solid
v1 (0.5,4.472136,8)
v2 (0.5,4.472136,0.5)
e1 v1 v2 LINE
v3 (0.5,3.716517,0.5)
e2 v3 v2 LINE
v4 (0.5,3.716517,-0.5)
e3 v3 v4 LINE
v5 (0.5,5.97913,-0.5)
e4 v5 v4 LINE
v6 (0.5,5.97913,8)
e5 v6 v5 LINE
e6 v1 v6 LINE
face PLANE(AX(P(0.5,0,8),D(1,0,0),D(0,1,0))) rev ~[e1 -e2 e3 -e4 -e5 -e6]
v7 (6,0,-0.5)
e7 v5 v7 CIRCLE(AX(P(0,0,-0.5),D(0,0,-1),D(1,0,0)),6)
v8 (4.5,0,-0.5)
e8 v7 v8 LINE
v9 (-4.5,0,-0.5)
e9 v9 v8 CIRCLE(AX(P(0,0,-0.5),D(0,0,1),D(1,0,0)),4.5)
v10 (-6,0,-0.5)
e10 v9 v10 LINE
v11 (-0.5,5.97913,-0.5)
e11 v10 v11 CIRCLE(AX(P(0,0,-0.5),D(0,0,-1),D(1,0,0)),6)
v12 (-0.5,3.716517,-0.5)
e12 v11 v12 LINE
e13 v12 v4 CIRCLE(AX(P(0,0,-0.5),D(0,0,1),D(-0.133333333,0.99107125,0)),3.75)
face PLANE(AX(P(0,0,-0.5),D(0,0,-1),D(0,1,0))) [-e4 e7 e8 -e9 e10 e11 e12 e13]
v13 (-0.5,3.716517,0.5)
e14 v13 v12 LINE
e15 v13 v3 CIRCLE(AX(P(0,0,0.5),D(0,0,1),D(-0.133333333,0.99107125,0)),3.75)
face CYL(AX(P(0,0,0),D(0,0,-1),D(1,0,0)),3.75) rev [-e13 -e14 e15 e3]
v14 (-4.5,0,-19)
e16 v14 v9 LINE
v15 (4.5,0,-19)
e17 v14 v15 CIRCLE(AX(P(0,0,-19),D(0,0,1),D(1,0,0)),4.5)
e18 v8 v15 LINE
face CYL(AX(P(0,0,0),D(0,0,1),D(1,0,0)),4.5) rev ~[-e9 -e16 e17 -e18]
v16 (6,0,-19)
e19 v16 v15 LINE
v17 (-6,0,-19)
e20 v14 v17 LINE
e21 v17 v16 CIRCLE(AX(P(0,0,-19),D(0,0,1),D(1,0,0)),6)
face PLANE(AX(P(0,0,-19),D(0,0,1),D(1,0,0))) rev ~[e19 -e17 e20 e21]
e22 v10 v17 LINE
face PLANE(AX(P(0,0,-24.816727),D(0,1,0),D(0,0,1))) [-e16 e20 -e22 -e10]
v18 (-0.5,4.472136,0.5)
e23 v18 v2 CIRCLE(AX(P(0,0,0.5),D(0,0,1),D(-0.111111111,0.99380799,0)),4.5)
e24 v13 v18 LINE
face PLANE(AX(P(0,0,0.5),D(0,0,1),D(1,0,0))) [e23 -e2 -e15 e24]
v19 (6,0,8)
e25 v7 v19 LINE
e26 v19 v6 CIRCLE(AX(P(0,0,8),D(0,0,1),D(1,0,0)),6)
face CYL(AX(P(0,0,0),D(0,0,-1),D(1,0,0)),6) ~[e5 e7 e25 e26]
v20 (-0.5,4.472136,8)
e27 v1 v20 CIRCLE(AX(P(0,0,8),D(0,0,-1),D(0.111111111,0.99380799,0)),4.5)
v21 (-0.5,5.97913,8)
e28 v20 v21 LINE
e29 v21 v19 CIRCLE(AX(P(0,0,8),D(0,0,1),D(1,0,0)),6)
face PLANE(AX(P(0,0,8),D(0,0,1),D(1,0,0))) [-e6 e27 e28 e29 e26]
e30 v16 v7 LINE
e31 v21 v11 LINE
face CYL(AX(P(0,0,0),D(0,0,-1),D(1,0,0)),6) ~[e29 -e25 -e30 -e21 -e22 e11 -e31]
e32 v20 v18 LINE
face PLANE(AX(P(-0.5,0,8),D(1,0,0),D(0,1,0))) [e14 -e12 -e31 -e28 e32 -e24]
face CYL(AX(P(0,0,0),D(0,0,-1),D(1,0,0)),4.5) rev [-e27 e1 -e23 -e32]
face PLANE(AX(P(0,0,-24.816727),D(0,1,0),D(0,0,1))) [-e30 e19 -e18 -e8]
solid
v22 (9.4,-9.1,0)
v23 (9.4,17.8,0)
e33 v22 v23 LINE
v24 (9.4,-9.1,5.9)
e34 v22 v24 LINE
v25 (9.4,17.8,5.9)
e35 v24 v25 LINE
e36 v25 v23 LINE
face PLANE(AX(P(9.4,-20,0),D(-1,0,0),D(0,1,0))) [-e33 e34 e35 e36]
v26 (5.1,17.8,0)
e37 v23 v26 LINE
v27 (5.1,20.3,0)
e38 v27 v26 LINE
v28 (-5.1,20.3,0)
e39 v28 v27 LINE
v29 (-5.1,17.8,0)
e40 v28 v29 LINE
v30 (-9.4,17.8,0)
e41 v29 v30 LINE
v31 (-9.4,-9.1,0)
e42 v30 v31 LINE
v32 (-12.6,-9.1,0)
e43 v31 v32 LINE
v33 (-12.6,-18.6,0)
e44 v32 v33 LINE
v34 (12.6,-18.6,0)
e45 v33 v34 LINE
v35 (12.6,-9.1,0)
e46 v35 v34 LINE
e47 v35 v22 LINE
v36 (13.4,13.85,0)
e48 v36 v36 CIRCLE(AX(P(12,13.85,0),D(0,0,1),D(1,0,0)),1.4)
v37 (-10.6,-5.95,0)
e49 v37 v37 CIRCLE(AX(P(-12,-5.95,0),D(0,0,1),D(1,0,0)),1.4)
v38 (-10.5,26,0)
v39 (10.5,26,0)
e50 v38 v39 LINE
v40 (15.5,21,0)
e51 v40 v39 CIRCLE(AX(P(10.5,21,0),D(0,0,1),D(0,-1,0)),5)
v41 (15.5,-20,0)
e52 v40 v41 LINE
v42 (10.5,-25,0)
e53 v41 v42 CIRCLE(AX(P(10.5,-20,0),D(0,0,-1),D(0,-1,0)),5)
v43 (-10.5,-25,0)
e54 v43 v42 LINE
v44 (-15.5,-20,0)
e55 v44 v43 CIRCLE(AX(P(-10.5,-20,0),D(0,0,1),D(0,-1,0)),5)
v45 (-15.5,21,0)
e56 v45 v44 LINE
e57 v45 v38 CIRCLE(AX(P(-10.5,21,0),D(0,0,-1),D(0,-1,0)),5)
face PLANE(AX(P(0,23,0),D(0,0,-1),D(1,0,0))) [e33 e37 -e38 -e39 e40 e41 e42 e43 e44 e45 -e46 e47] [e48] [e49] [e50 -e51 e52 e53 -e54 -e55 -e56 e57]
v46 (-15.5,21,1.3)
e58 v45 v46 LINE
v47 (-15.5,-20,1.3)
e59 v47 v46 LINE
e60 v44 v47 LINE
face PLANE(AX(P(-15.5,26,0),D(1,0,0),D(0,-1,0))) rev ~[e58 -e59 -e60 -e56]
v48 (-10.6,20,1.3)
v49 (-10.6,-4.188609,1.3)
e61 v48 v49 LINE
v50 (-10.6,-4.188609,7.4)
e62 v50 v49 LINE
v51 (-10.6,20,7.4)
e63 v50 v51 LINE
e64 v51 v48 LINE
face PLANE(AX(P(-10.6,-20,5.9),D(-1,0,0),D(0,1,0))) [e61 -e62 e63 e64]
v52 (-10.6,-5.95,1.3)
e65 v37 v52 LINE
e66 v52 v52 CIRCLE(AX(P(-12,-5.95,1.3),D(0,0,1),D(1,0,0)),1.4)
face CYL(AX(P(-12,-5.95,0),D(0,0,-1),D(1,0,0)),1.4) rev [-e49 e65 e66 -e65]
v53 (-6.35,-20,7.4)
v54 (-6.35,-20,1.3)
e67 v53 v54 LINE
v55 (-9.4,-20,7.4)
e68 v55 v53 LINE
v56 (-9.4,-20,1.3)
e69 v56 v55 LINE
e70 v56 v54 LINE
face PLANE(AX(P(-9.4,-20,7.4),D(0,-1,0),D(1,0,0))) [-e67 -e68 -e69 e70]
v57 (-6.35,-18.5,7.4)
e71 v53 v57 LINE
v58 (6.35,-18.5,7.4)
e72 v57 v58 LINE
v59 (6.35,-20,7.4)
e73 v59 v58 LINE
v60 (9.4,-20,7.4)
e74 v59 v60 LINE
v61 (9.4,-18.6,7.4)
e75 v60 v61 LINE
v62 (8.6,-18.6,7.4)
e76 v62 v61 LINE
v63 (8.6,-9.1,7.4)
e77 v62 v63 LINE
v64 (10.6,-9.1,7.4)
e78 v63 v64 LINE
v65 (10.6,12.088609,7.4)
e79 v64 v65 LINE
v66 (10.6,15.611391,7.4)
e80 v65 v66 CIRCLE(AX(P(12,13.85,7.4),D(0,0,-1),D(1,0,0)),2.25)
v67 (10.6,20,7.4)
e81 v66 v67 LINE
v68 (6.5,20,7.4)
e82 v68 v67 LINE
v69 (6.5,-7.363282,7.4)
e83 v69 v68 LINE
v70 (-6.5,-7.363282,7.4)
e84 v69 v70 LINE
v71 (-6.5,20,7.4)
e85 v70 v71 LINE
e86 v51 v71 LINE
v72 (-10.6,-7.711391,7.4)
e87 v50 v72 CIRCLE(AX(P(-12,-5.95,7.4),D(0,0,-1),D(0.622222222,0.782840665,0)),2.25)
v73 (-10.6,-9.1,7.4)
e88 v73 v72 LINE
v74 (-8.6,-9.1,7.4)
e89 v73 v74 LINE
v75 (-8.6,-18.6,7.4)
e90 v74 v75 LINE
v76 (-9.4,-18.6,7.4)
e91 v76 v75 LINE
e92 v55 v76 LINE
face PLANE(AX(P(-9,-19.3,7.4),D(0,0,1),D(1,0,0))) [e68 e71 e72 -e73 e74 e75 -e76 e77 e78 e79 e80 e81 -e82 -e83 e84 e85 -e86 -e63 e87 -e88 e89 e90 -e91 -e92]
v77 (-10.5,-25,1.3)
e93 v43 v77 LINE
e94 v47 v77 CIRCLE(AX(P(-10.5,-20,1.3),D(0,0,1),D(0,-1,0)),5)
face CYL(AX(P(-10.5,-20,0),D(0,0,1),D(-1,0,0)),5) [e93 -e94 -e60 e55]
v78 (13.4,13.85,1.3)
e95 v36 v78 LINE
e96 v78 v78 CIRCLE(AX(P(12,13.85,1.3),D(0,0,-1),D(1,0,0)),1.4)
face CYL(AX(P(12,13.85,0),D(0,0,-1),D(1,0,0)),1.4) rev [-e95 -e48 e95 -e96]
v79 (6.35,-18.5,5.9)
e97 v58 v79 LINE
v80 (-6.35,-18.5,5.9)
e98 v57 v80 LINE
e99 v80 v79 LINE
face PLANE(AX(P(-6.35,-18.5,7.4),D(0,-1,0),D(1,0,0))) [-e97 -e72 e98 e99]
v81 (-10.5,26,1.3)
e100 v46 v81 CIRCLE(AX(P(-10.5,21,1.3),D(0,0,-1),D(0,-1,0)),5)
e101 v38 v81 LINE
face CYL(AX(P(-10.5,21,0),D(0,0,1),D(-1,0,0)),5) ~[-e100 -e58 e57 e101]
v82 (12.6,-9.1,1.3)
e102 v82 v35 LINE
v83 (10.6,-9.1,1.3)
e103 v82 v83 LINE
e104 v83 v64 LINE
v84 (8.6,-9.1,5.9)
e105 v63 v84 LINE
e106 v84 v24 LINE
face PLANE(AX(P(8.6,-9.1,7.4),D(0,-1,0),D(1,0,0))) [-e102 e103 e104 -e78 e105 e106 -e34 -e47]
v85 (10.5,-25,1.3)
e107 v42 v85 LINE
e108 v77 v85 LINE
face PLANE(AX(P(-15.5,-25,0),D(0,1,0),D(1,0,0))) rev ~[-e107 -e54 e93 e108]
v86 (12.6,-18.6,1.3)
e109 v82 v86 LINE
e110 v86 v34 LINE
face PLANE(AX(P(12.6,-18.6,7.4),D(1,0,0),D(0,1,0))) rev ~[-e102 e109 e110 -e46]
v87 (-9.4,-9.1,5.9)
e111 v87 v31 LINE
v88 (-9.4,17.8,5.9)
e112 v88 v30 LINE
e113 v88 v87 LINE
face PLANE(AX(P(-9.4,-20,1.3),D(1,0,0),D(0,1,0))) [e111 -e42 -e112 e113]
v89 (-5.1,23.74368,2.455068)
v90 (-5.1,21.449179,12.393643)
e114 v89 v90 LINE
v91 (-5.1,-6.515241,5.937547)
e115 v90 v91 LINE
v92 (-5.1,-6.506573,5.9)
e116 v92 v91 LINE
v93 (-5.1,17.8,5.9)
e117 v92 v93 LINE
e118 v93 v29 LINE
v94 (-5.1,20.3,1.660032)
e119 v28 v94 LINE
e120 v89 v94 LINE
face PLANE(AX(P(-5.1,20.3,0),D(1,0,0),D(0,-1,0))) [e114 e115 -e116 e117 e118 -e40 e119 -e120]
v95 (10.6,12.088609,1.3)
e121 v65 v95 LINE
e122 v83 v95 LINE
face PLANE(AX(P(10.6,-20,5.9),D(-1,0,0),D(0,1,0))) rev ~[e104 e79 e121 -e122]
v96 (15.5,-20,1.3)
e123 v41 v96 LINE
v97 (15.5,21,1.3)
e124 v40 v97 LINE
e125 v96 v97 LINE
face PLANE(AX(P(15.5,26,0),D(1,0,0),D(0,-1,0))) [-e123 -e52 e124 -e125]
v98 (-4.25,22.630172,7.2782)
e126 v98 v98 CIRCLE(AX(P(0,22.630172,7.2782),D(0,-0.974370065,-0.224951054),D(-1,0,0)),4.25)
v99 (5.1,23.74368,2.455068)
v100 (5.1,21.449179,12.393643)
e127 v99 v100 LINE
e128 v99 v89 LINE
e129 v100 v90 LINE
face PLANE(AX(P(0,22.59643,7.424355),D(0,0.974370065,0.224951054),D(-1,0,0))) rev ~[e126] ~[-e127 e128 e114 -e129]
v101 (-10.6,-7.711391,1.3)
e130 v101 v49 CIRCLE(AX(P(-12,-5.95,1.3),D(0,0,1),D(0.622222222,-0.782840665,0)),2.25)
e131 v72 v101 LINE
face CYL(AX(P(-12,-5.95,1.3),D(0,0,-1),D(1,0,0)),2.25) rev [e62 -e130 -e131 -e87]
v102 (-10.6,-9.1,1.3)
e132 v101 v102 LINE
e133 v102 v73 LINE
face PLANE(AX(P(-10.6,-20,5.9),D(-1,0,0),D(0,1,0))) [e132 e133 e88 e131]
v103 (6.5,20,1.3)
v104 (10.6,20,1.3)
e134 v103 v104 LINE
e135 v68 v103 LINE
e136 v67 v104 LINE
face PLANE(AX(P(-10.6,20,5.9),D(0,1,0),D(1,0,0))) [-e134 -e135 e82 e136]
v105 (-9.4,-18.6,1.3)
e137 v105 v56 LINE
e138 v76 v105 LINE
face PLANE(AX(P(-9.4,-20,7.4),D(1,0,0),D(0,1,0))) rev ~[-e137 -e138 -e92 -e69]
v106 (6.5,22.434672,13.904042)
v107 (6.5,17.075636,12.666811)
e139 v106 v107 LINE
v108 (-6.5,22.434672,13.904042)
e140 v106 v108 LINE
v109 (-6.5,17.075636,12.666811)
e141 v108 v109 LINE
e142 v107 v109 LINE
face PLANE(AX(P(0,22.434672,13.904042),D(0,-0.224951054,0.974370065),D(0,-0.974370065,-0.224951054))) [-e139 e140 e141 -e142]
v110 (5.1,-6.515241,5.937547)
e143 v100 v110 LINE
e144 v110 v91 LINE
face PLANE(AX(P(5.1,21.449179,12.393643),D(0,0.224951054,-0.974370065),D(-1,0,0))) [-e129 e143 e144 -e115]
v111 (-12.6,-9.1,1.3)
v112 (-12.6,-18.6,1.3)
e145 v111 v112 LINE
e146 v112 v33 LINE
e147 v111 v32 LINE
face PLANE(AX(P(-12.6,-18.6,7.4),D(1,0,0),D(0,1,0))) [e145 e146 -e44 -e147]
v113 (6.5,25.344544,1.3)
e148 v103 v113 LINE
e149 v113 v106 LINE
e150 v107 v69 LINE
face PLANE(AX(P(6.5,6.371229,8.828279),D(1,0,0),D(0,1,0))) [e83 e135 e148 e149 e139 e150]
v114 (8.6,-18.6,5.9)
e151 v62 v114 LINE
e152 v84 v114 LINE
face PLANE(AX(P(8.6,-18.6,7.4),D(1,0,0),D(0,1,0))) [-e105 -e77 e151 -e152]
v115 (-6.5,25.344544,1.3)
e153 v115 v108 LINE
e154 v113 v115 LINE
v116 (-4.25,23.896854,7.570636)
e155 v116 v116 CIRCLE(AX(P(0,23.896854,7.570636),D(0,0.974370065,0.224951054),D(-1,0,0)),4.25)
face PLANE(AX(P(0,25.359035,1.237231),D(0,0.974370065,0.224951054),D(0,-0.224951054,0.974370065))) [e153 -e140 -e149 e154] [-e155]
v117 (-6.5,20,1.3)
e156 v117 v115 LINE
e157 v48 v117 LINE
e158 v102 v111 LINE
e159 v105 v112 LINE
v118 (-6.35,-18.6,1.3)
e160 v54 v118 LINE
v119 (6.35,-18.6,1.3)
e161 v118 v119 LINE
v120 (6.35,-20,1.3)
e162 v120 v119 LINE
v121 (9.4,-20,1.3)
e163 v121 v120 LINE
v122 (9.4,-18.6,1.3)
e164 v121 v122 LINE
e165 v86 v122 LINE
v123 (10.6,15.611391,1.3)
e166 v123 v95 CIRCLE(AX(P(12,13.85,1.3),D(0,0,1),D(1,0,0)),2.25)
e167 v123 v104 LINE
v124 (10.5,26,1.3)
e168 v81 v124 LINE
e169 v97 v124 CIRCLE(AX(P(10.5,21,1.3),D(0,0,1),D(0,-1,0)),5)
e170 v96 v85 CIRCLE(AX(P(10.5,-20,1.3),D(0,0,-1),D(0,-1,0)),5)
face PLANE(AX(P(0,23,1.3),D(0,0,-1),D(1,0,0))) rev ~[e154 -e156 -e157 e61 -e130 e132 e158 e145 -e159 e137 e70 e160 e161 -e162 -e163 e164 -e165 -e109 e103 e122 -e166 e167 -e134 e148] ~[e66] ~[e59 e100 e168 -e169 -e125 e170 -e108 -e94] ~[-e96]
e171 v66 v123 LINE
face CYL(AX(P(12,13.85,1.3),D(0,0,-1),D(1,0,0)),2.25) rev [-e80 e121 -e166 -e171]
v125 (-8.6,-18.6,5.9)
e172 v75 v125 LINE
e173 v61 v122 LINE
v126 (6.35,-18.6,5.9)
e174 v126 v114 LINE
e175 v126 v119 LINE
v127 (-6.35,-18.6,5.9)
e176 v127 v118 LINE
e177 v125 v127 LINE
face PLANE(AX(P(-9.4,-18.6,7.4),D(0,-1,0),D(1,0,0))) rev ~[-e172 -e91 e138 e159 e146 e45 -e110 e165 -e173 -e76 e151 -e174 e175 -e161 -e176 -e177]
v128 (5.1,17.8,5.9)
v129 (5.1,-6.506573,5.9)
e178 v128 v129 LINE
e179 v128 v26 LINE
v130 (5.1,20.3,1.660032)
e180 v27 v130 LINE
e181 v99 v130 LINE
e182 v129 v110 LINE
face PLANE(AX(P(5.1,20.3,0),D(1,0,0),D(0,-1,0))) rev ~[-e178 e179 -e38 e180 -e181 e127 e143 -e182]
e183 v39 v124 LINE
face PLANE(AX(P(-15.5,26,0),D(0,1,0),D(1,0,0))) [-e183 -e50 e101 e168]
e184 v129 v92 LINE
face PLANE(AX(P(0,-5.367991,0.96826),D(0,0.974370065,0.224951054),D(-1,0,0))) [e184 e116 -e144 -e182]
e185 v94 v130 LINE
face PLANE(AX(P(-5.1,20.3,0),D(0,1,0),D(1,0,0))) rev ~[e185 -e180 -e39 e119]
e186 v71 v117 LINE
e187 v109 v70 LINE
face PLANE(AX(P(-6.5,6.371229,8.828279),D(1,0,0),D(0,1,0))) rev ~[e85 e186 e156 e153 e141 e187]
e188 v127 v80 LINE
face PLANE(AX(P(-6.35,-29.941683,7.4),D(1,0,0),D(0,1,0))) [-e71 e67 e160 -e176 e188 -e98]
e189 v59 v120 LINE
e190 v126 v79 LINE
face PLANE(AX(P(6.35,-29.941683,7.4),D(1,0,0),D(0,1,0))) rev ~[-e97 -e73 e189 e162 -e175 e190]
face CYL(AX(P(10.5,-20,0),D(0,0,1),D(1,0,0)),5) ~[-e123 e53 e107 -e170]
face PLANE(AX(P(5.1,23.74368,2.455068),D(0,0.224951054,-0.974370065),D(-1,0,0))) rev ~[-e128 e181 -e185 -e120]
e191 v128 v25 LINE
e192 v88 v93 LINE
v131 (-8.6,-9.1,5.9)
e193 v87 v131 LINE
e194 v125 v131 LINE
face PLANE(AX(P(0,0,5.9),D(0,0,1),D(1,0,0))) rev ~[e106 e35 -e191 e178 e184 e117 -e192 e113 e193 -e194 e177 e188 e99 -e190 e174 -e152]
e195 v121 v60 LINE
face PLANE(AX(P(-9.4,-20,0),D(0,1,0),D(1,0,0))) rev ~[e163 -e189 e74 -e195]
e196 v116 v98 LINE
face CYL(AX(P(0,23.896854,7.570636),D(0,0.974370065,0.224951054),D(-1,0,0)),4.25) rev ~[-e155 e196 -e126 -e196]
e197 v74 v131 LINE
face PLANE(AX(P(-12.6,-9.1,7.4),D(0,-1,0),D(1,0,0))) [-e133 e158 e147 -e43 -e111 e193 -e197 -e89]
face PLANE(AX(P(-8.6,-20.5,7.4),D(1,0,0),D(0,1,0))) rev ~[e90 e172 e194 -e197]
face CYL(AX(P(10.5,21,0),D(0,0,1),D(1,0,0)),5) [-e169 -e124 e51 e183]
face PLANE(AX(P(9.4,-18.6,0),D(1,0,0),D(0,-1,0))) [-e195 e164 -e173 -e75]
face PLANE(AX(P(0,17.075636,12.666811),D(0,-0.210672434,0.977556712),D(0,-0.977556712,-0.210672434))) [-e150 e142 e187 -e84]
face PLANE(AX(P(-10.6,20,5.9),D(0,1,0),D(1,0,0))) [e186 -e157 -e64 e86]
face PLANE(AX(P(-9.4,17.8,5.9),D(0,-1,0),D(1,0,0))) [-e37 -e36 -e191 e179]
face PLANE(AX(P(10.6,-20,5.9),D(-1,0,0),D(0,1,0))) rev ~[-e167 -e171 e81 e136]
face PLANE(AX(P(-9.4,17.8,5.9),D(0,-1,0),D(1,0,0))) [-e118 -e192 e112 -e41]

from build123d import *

# Parameters (mm, degrees)
F0_W           = 31
F0_H           = 40
F0_R           = 1.4
F1_DEPTH       = 1.3
F4_R           = 4.15
F5_DEPTH       = 12.5
F7_DEPTH       = 5.9
F8_W           = 21.2
F8_H           = 40
F9_DEPTH       = 1.5
F10_DEPTH      = 25
F11_W          = 2
F11_H          = 9
F12_DEPTH      = 6.1
F13_W          = 18.8
F13_H          = 1.4
F14_DEPTH      = 5.9
F16_DEPTH      = 6.5
F18_DEPTH      = 6.5
F19_R          = 4.25
F20_DEPTH      = 25
F22_START      = -1.3
F21_W          = 10.2
F21_H          = 10.2
F22_DEPTH      = 28.7
F23_W          = 31
F23_H          = 6
F23_H_2        = 5
F24_DEPTH      = 1.3
F26_START      = -1.3
F25_W          = 8.5
F25_H          = 8.5
F26_DEPTH      = 33.7
F27_R          = 5
F28_W          = 12.7
F28_H          = 11.4416826424
F29_DEPTH      = 6.1
F30_W          = 10.2
F30_H          = 6.0366649356
F31_DEPTH      = 2
F32_R          = 2.25
F33_DEPTH      = 25
F34_W          = 18.8
F34_H          = 1.5
F35_DEPTH      = 25
F36_W          = 4
F36_H          = 9.5
F37_DEPTH      = 25
F38_W          = 0.8
F38_H          = 1.4
F39_DEPTH      = 6.1
F40_R          = 6
F40_R_2        = 4.5
F41_DEPTH      = 19
F41_DEPTH_BACK = 8
F42_R          = 6
F42_R_2        = 3.75
F43_DEPTH      = 0.5
F44_W          = 12.3386057094
F44_H          = 24.3167272657
F45_DEPTH      = 12.5
F46_W          = 1
F46_H          = 8.638324216
F47_DEPTH      = 25


with BuildPart() as f1:
    # F0 (on Top) → F1 (new body)
    with BuildSketch(Plane.XY):
        Rectangle(F0_W, F0_H)
        with Locations((-12, -5.95)):
            Circle(F0_R, mode=Mode.SUBTRACT)
        with Locations((12, 13.85)):
            Circle(F0_R, mode=Mode.SUBTRACT)
    extrude(amount=F1_DEPTH)

    # F4 (on face) → F5 (cut, symmetric)
    with BuildSketch(Plane.XY.offset(1.3)):
        with Locations((0, 4.35)):
            Circle(F4_R)
    extrude(amount=F5_DEPTH, both=True, mode=Mode.SUBTRACT)

    # F6 (on face) → F7 (join)
    with BuildSketch(Plane(origin=(0, 0, 0), x_dir=(1, 0, 0), z_dir=(0, 0, -1))):
        Polygon((9.4, 20), (9.4, -16.3), (-9.4, -16.3), (-9.4, 20), (-10.6, 20), (-10.6, -20), (0, -20), (10.6, -20), (10.6, 20), align=None)
    extrude(amount=-F7_DEPTH)

    # F8 (on face) → F9 (join)
    with BuildSketch(Plane.XY.offset(5.9)):
        Rectangle(F8_W, F8_H)
    extrude(amount=F9_DEPTH)

    # F10 (cut): a face of the model
    f10_faces = [f1.faces().sort_by_distance(p)[0] for p in [
        (0, -2.3838844232, 1.3),
    ]]
    extrude(f10_faces, amount=-F10_DEPTH, mode=Mode.SUBTRACT)

    # F11 (on face) → F12 (cut, through all)
    with BuildSketch(Plane.XY.offset(7.4)):
        with Locations((9.6, -16)):
            Rectangle(F11_W, F11_H)
        with Locations((-9.6, -16)):
            Rectangle(F11_W, F11_H)
    extrude(amount=-F12_DEPTH, mode=Mode.SUBTRACT)

    # F13 (on face) → F14 (join, through all)
    with BuildSketch(Plane(origin=(0, 0, 0), x_dir=(1, 0, 0), z_dir=(0, 0, -1))):
        with Locations((0, 19.3)):
            Rectangle(F13_W, F13_H)
    extrude(amount=-F14_DEPTH)

    # F15 (on Right) → F16 (join, symmetric)
    with BuildSketch(Plane.YZ):
        Polygon((17.0756362935, 12.6668108422), (20, 0), (25.3590353563, 1.2372307989), (22.4346716498, 13.9040416411), align=None)
    extrude(amount=F16_DEPTH, both=True)

    # F17 (on Right) → F18 (join, symmetric)
    with BuildSketch(Plane.YZ):
        Polygon((18.2915753857, 7.4), (17.0756362935, 12.6668108422), (-7.363281513, 7.4), align=None)
    extrude(amount=F18_DEPTH, both=True)

    # F19 (on face) → F20 (cut)
    with BuildSketch(Plane(origin=(0, 24.3469758193, 5.6209422668), x_dir=(-1, 0, 0), z_dir=(0, 0.9743700648, 0.2249510543))):
        with Locations((0, 2.0009789131)):
            Circle(F19_R)
    extrude(amount=-F20_DEPTH, mode=Mode.SUBTRACT)

    # F21 (on face) → F22 (cut)
    with BuildSketch(Plane(origin=(0, 24.3469758193, 5.6209422668), x_dir=(-1, 0, 0), z_dir=(0, 0.9743700648, 0.2249510543)).offset(F22_START)):
        with Locations((0, 2.1509789131)):
            Rectangle(F21_W, F21_H)
    extrude(amount=-F22_DEPTH, mode=Mode.SUBTRACT)

    # F23 (on face) → F24 (join)
    with BuildSketch(Plane(origin=(0, 0, 0), x_dir=(1, 0, 0), z_dir=(0, 0, -1))):
        with Locations((0, -23)):
            Rectangle(F23_W, F23_H)
        with Locations((0, 22.5)):
            Rectangle(F23_W, F23_H_2)
    extrude(amount=-F24_DEPTH)

    # F25 (on face) → F26 (cut)
    with BuildSketch(Plane(origin=(0, 24.3469758193, 5.6209422668), x_dir=(-1, 0, 0), z_dir=(0, 0.9743700648, 0.2249510543)).offset(F26_START)):
        with Locations((0, 2.0009789131)):
            Rectangle(F25_W, F25_H)
    extrude(amount=-F26_DEPTH, mode=Mode.SUBTRACT)

    # F27
    f27_edges = [f1.edges().sort_by_distance(p)[0] for p in [
        (-15.5, 26, 0.65),
        (15.5, 26, 0.65),
        (15.5, -25, 0.65),
        (-15.5, -25, 0.65),
    ]]
    fillet(f27_edges, radius=F27_R)

    # F28 (on face) → F29 (cut, through all)
    with BuildSketch(Plane.XY.offset(7.4)):
        with Locations((0, -24.2208413212)):
            Rectangle(F28_W, F28_H)
    extrude(amount=-F29_DEPTH, mode=Mode.SUBTRACT)

    # F30 (on face) → F31 (cut)
    with BuildSketch(Plane(origin=(0, 0, 0), x_dir=(1, 0, 0), z_dir=(0, 0, -1))):
        with Locations((0, -17.2816675322)):
            Rectangle(F30_W, F30_H)
    extrude(amount=-F31_DEPTH, mode=Mode.SUBTRACT)

    # F32 (on face) → F33 (cut)
    with BuildSketch(Plane.XY.offset(1.3)):
        with Locations((-12, -5.95)):
            Circle(F32_R)
        with Locations((12, 13.85)):
            Circle(F32_R)
    extrude(amount=F33_DEPTH, mode=Mode.SUBTRACT)

    # F34 (on face) → F35 (cut)
    with BuildSketch(Plane(origin=(0, 0, 5.9), x_dir=(1, 0, 0), z_dir=(0, 0, -1))):
        with Locations((0, -17.05)):
            Rectangle(F34_W, F34_H)
    extrude(amount=F35_DEPTH, mode=Mode.SUBTRACT)

    # F36 (on face) → F37 (cut)
    with BuildSketch(Plane.XY.offset(7.4)):
        with Locations((10.6, -13.85)):
            Rectangle(F36_W, F36_H)
        with Locations((-10.6, -13.85)):
            Rectangle(F36_W, F36_H)
    extrude(amount=-F37_DEPTH, mode=Mode.SUBTRACT)

    # F38 (on face) → F39 (join, through all)
    with BuildSketch(Plane.XY.offset(7.4)):
        with Locations((-9, -19.3)):
            Rectangle(F38_W, F38_H)
        with Locations((9, -19.3)):
            Rectangle(F38_W, F38_H)
    extrude(amount=-F39_DEPTH)


with BuildPart() as f41:
    # F40 (on Top) → F41 (new body, two sides)
    with BuildSketch(Plane.XY) as f41_sk:
        Circle(F40_R)
        Circle(F40_R_2, mode=Mode.SUBTRACT)
    extrude(amount=-F41_DEPTH)
    extrude(f41_sk.sketch, amount=F41_DEPTH_BACK)

    # F42 (on Top) → F43 (join, symmetric)
    with BuildSketch(Plane.XY):
        Circle(F42_R)
        Circle(F42_R_2, mode=Mode.SUBTRACT)
    extrude(amount=F43_DEPTH, both=True)

    # F44 (on Right) → F45 (cut, symmetric)
    with BuildSketch(Plane.YZ):
        with Locations((6.1693028547, -12.6583636329)):
            Rectangle(F44_W, F44_H)
    extrude(amount=F45_DEPTH, both=True, mode=Mode.SUBTRACT)

    # F46 (on face) → F47 (cut)
    with BuildSketch(Plane.XY.offset(8)):
        with Locations((0, 4.319162108)):
            Rectangle(F46_W, F46_H)
    extrude(amount=-F47_DEPTH, mode=Mode.SUBTRACT)


solid = Compound([f1.part, f41.part])
